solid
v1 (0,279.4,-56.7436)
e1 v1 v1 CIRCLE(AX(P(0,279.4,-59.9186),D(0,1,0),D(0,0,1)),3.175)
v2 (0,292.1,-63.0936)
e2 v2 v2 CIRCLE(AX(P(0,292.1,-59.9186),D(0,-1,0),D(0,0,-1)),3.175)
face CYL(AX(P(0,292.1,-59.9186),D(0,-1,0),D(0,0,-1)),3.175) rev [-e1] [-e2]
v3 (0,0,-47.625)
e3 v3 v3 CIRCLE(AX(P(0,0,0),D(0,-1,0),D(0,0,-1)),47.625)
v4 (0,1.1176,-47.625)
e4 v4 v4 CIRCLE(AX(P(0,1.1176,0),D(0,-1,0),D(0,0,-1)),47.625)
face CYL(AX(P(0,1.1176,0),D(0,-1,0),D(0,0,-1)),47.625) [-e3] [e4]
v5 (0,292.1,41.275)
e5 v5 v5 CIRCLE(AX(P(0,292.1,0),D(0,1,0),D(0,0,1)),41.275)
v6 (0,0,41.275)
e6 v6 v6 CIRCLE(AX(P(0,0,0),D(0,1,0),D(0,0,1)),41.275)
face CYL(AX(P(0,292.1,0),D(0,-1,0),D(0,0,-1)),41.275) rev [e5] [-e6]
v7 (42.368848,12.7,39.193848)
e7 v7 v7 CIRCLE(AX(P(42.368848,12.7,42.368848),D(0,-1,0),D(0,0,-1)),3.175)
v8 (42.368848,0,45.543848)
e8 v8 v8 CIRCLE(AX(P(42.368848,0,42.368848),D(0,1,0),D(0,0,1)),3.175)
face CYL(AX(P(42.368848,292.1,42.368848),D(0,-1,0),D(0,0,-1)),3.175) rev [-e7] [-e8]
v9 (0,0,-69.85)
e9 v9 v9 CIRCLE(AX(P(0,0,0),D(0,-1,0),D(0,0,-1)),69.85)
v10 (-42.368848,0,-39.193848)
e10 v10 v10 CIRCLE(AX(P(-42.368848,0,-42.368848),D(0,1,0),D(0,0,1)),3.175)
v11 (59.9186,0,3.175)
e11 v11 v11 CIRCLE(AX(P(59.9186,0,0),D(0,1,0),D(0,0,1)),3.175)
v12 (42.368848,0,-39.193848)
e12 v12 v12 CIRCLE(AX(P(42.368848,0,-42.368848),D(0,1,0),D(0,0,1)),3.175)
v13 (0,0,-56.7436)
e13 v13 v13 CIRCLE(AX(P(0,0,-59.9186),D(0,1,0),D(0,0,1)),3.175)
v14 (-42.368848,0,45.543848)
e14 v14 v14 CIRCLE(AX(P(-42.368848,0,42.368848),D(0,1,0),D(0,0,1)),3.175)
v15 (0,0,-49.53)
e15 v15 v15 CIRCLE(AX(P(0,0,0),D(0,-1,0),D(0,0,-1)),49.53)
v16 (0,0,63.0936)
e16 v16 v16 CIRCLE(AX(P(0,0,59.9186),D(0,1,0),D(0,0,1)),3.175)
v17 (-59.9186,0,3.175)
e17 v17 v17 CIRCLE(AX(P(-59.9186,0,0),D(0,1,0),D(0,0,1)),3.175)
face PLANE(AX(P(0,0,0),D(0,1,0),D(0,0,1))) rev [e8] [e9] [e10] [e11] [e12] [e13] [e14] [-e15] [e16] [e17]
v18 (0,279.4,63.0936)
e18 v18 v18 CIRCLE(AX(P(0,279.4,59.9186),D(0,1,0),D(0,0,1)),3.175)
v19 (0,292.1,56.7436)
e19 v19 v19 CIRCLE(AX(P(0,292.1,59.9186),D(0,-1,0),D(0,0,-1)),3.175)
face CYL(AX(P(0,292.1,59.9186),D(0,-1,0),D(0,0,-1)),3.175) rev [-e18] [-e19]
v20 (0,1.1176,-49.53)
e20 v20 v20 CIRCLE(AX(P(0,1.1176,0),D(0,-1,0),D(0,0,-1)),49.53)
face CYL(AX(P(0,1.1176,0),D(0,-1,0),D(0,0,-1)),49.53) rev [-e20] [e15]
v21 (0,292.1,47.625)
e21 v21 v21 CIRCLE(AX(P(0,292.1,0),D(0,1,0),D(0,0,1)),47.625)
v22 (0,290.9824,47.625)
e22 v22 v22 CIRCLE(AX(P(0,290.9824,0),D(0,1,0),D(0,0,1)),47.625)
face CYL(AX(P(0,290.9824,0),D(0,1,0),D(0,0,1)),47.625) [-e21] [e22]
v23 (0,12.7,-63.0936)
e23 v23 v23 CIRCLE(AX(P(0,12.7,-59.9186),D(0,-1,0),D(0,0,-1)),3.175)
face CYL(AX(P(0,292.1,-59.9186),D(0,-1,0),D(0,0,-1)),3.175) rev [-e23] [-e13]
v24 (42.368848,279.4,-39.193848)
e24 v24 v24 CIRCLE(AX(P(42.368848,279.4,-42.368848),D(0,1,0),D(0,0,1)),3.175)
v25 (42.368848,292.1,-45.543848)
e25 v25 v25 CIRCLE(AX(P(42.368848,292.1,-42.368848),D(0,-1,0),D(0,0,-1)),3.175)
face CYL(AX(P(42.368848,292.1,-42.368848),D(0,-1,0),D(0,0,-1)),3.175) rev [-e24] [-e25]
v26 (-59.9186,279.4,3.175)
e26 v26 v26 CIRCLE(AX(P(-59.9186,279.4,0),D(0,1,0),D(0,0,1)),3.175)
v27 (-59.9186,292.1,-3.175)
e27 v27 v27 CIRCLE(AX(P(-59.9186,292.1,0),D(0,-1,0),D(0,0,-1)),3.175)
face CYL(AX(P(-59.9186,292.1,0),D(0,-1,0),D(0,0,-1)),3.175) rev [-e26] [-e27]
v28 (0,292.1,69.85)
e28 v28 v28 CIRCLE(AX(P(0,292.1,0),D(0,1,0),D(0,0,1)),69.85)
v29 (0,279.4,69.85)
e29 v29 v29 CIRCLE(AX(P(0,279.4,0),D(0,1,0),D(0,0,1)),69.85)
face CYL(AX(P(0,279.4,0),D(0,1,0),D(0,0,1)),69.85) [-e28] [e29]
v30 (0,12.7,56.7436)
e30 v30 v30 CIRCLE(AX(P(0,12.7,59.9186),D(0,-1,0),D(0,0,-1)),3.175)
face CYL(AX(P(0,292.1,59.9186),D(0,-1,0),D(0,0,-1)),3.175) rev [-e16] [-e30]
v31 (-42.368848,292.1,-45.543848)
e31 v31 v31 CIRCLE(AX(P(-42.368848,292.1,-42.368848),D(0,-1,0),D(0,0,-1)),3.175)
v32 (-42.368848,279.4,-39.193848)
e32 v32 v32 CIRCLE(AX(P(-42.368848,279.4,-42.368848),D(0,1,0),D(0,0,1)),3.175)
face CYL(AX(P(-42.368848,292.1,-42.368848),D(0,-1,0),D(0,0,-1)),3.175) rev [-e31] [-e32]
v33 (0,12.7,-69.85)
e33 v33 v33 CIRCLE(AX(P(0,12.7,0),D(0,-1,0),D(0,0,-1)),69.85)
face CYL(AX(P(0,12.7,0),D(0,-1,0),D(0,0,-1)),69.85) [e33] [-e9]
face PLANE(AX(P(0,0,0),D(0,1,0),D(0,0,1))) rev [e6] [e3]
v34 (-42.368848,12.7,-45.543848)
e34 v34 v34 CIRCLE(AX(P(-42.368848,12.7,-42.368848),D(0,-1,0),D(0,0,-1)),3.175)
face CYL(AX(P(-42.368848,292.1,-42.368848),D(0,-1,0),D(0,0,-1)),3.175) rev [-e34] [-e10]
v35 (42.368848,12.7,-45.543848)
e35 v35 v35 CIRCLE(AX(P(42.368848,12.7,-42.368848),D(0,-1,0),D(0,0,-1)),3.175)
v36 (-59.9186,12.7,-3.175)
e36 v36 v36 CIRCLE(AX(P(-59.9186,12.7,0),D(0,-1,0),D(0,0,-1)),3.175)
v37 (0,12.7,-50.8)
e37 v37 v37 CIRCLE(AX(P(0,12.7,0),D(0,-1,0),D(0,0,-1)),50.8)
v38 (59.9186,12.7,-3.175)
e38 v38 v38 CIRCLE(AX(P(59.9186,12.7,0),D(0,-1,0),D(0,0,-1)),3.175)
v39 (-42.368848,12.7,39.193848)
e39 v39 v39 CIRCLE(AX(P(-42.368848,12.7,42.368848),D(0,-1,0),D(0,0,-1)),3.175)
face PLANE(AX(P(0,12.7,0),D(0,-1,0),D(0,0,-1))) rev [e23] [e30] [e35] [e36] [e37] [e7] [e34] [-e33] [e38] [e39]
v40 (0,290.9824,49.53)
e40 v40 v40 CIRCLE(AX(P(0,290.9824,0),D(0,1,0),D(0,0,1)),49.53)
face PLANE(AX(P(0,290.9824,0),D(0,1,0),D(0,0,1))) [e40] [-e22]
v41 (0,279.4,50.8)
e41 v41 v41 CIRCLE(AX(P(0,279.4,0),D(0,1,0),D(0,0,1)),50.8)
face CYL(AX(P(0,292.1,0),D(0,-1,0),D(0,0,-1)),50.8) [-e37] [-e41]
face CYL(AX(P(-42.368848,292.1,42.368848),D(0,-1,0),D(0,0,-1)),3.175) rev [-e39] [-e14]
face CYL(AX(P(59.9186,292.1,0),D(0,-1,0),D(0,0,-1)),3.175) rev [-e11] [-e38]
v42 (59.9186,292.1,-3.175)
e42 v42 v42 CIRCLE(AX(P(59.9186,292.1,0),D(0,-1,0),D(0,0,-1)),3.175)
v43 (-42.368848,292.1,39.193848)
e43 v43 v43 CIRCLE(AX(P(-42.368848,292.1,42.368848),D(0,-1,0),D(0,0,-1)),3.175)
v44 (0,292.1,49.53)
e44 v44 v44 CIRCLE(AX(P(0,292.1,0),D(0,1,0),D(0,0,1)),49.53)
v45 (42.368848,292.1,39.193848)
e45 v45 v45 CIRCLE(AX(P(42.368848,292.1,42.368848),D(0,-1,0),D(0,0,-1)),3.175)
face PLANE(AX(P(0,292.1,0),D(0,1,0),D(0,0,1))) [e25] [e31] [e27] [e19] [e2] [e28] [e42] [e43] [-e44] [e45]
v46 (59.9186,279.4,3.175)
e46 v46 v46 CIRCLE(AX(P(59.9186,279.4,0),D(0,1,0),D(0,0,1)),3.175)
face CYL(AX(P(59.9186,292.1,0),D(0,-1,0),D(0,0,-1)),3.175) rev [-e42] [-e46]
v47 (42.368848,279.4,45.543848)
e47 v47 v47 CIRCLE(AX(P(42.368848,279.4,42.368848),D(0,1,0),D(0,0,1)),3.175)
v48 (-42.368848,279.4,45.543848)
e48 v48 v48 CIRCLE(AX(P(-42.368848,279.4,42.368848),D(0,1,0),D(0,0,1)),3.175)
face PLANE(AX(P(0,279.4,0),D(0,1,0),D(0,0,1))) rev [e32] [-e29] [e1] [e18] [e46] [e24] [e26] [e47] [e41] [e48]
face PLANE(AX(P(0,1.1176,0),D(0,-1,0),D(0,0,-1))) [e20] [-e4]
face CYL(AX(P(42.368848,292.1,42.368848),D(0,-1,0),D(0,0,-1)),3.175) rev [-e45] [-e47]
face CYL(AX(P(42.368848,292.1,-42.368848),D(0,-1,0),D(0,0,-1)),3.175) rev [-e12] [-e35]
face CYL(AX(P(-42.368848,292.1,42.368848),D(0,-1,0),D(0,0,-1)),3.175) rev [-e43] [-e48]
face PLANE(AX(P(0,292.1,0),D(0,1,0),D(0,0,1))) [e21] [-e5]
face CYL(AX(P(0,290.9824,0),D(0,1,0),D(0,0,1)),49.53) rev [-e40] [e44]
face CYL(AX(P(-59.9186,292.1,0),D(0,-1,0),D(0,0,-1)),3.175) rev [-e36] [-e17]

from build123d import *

# Parameters (mm, degrees)
SKETCH2_R               = 50.8
SKETCH2_R_2             = 41.275
BASE_CYLINDER_DEPTH     = 292.1
SKETCH3_R               = 69.85
SKETCH3_R_2             = 41.275
AFT_FLANGE_DEPTH        = 12.7
SKETCH4_R               = 69.85
SKETCH4_R_2             = 41.275
FORWARD_FLANGE_DEPTH    = 12.7
SKETCH6_R               = 49.53
SKETCH6_R_2             = 47.625
O_RING_SLOT_1_DEPTH     = 1.1176
SKETCH7_R               = 49.53
SKETCH7_R_2             = 47.625
O_RING_SLOT_2_DEPTH     = 1.1176
SKETCH8_R               = 3.175
CUT_EXTRUDE4_DEPTH      = 1
CUT_EXTRUDE4_DEPTH_BACK = 293.1


with BuildPart() as part:
    # Sketch2 → Base Cylinder (new body)
    with BuildSketch(Plane(origin=(0, 0, 0), x_dir=(1, 0, 0), z_dir=(0, 1, 0))):
        Circle(SKETCH2_R)
        Circle(SKETCH2_R_2, mode=Mode.SUBTRACT)
    extrude(amount=BASE_CYLINDER_DEPTH)

    # Sketch3 → Aft Flange (add)
    with BuildSketch(Plane.XZ):
        Circle(SKETCH3_R)
        Circle(SKETCH3_R_2, mode=Mode.SUBTRACT)
    extrude(amount=-AFT_FLANGE_DEPTH)

    # Sketch4 → Forward Flange (add)
    with BuildSketch(Plane(origin=(0, 292.1, 0), x_dir=(1, 0, 0), z_dir=(0, 1, 0))):
        Circle(SKETCH4_R)
        Circle(SKETCH4_R_2, mode=Mode.SUBTRACT)
    extrude(amount=-FORWARD_FLANGE_DEPTH)

    # Sketch6 → O-Ring Slot 1 (cut)
    with BuildSketch(Plane.XZ):
        Circle(SKETCH6_R)
        Circle(SKETCH6_R_2, mode=Mode.SUBTRACT)
    extrude(amount=-O_RING_SLOT_1_DEPTH, mode=Mode.SUBTRACT)

    # Sketch7 → O-Ring Slot 2 (cut)
    with BuildSketch(Plane(origin=(0, 292.1, 0), x_dir=(1, 0, 0), z_dir=(0, 1, 0))):
        Circle(SKETCH7_R)
        Circle(SKETCH7_R_2, mode=Mode.SUBTRACT)
    extrude(amount=-O_RING_SLOT_2_DEPTH, mode=Mode.SUBTRACT)

    # Sketch8 → Cut-Extrude4 (cut, two sides)
    with BuildSketch(Plane.XZ) as cut_extrude4_sk:
        with Locations((-59.9186, 0)):
            Circle(SKETCH8_R)
        with Locations((-42.368848379, 42.368848379)):
            Circle(SKETCH8_R)
        with Locations((0, 59.9186)):
            Circle(SKETCH8_R)
        with Locations((42.368848379, 42.368848379)):
            Circle(SKETCH8_R)
        with Locations((59.9186, 0)):
            Circle(SKETCH8_R)
        with Locations((42.368848379, -42.368848379)):
            Circle(SKETCH8_R)
        with Locations((0, -59.9186)):
            Circle(SKETCH8_R)
        with Locations((-42.368848379, -42.368848379)):
            Circle(SKETCH8_R)
    extrude(amount=CUT_EXTRUDE4_DEPTH, mode=Mode.SUBTRACT)
    extrude(cut_extrude4_sk.sketch, amount=-CUT_EXTRUDE4_DEPTH_BACK, mode=Mode.SUBTRACT)


solid = part.part
